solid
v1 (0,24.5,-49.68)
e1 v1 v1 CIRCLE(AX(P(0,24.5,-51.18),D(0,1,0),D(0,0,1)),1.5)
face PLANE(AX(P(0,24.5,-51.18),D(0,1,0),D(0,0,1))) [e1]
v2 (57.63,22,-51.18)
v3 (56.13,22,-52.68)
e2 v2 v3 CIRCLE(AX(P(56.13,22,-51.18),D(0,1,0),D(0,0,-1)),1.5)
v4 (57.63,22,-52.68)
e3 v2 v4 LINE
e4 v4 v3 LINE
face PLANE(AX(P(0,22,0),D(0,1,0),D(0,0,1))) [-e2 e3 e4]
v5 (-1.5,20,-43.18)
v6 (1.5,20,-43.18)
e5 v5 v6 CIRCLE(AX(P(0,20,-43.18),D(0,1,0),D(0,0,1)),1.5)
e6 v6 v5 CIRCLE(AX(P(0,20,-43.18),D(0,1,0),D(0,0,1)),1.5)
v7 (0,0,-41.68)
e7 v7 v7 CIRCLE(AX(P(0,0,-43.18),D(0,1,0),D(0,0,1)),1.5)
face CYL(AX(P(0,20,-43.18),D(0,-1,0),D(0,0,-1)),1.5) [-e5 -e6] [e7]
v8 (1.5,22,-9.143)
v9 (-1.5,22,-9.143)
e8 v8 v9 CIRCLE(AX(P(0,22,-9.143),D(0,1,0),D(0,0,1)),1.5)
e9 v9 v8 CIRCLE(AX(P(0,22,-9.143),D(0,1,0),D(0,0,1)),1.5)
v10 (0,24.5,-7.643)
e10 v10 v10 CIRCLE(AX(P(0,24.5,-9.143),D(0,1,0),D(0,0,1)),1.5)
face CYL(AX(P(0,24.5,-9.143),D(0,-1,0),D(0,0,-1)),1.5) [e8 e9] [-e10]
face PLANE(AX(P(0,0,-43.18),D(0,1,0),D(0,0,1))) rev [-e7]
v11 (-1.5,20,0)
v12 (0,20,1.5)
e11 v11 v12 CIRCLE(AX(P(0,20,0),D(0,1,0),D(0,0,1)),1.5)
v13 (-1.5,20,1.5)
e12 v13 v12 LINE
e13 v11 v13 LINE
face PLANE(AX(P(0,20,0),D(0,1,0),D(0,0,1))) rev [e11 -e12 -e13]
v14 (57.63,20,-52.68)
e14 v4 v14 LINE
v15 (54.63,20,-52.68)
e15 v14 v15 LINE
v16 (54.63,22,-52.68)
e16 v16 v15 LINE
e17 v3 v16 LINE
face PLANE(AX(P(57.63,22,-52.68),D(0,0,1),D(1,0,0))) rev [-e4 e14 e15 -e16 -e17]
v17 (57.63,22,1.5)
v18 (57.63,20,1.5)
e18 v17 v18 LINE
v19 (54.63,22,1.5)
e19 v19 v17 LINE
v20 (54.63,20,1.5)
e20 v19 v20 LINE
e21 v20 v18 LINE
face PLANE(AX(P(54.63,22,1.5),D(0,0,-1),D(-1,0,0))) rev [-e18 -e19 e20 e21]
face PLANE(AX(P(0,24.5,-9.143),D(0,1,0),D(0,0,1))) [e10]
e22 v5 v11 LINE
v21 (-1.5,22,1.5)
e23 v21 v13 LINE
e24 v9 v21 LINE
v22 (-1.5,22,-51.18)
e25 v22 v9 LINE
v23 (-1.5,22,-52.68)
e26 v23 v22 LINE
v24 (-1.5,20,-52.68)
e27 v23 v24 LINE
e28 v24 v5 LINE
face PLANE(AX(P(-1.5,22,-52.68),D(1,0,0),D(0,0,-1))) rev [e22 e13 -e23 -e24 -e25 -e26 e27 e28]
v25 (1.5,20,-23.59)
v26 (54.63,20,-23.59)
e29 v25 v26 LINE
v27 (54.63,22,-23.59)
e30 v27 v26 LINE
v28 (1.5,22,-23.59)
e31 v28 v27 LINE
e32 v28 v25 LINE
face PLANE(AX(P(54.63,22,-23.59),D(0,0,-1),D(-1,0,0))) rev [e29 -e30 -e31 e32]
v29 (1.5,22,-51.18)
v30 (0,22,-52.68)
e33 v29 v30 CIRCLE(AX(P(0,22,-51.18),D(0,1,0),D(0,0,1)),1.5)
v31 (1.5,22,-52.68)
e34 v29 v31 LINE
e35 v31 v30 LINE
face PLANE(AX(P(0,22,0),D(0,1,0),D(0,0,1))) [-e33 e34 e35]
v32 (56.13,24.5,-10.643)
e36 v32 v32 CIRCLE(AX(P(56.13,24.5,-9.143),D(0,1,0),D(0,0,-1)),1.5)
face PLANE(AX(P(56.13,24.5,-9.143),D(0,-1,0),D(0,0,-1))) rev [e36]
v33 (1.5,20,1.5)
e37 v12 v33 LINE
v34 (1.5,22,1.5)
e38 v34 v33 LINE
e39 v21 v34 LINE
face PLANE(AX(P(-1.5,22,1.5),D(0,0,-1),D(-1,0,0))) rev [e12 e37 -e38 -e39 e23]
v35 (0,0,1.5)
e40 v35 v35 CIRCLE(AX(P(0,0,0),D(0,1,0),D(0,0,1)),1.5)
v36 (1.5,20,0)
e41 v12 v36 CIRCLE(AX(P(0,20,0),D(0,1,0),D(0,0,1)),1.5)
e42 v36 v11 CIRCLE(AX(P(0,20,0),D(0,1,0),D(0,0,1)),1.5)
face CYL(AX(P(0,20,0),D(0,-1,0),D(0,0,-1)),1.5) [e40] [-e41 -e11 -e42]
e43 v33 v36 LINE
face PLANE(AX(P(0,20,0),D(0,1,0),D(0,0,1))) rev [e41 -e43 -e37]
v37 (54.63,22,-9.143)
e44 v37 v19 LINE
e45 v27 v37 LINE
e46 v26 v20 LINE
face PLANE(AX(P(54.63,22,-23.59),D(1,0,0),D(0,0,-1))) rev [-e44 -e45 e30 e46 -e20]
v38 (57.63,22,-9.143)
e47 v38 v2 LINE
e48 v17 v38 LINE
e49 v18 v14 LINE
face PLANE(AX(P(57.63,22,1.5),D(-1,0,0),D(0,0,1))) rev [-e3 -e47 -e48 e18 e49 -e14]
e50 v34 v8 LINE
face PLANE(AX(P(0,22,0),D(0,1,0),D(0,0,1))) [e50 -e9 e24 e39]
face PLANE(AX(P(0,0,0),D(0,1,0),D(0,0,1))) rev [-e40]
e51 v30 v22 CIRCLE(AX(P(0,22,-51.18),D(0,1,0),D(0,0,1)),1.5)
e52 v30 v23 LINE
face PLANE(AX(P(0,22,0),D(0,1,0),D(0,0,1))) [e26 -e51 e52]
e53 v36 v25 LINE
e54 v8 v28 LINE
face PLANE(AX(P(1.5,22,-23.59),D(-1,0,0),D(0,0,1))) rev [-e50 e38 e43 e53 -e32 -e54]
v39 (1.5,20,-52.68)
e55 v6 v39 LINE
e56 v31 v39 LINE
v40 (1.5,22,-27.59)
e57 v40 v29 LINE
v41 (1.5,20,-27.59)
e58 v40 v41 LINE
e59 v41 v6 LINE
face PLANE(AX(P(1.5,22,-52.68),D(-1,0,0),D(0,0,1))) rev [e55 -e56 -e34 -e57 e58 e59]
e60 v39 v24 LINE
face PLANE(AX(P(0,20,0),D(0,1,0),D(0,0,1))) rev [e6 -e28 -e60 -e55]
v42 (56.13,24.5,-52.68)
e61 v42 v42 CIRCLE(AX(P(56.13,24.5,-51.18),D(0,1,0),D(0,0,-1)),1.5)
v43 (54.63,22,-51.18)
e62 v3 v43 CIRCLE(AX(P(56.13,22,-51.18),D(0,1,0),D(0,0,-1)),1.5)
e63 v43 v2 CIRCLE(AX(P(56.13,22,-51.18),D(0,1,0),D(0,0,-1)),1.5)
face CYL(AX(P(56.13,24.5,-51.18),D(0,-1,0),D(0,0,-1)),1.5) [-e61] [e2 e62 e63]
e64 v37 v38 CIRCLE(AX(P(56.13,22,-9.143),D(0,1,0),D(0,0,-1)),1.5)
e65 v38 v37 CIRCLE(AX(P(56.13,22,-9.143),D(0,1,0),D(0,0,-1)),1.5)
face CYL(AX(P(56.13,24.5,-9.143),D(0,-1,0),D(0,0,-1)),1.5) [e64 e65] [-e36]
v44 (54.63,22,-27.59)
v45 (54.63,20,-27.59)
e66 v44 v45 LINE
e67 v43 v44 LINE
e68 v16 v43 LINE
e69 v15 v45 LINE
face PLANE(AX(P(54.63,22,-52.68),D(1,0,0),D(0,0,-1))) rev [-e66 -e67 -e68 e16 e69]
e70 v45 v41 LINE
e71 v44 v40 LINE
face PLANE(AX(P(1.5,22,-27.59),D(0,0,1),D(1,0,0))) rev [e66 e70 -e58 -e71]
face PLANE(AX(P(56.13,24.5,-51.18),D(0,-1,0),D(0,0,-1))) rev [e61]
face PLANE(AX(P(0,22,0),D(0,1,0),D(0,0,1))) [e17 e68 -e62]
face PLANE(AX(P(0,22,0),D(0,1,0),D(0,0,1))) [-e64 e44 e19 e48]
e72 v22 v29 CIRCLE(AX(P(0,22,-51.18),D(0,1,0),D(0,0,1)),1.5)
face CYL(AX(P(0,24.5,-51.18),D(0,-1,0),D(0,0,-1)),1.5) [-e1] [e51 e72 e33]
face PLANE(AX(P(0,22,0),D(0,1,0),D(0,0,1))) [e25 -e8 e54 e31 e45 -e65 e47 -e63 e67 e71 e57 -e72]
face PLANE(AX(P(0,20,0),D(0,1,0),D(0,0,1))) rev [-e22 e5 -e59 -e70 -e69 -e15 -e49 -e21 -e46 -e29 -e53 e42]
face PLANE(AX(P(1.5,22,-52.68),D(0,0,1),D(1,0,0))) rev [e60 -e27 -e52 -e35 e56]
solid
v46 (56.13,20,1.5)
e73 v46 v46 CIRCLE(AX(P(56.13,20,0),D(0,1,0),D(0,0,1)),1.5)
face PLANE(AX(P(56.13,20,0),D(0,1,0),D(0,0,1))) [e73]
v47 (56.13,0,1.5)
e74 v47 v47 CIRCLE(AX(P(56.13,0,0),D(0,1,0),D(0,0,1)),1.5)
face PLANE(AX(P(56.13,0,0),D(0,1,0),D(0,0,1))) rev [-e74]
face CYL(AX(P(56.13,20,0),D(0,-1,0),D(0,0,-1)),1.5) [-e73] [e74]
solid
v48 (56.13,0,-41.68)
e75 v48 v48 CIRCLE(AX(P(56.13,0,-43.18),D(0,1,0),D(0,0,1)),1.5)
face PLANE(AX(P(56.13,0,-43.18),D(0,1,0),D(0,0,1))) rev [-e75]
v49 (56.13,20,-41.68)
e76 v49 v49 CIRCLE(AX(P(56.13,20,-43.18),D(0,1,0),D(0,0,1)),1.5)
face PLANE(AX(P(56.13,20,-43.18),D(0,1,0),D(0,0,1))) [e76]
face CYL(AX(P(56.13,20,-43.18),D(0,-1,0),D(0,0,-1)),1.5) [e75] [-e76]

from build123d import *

# Parameters (mm, degrees)
SKETCH_1_R        = 1.5
EXTRUDE_1_DEPTH   = 20
EXTRUDE_1_2_DEPTH = 20
EXTRUDE_1_3_DEPTH = 20
EXTRUDE_1_4_DEPTH = 20
EXTRUDE_2_DEPTH   = 2
SKETCH_4_R        = 1.5
EXTRUDE_3_DEPTH   = 2.5


with BuildPart() as part:
    # 草图1 → 凸台-拉伸1 (new body)
    with BuildSketch(Plane(origin=(0, 0, 0), x_dir=(1, 0, 0), z_dir=(0, 1, 0))):
        with Locations(Location((0, 0, 0), (0, 0, 270))):
            Circle(SKETCH_1_R)
    extrude(amount=EXTRUDE_1_DEPTH)



with BuildPart() as body_2:
    # 草图1 → Extrude 1 2 (new body)
    with BuildSketch(Plane(origin=(0, 0, 0), x_dir=(1, 0, 0), z_dir=(0, 1, 0))):
        with Locations(Location((0, 43.18, 0), (0, 0, 270))):
            Circle(SKETCH_1_R)
    extrude(amount=EXTRUDE_1_2_DEPTH)


with BuildPart() as body_3:
    # 草图1 → Extrude 1 3 (new body)
    with BuildSketch(Plane(origin=(0, 0, 0), x_dir=(1, 0, 0), z_dir=(0, 1, 0))):
        with Locations(Location((56.13, 43.18, 0), (0, 0, 270))):
            Circle(SKETCH_1_R)
    extrude(amount=EXTRUDE_1_3_DEPTH)


with BuildPart() as body_4:
    # 草图1 → Extrude 1 4 (new body)
    with BuildSketch(Plane(origin=(0, 0, 0), x_dir=(1, 0, 0), z_dir=(0, 1, 0))):
        with Locations(Location((56.13, 0, 0), (0, 0, 270))):
            Circle(SKETCH_1_R)
    extrude(amount=EXTRUDE_1_4_DEPTH)


with BuildPart() as part_1:
    add(part.part)

    add(body_2.part)  # 凸台-拉伸2 merges body 2
    # 草图2 → 凸台-拉伸2 (add)
    with BuildSketch(Plane(origin=(0, 20, 0), x_dir=(1, 0, 0), z_dir=(0, 1, 0))):
        Polygon((-1.5, 52.68), (-1.5, -1.5), (1.5, -1.5), (1.5, 23.59), (54.63, 23.59), (54.63, -1.5), (57.63, -1.5), (57.63, 52.68), (54.63, 52.68), (54.63, 27.59), (1.5, 27.59), (1.5, 52.68), align=None)
    extrude(amount=EXTRUDE_2_DEPTH)

    # 草图4 → 凸台-拉伸3 (add)
    with BuildSketch(Plane(origin=(0, 22, 0), x_dir=(1, 0, 0), z_dir=(0, 1, 0))):
        with Locations(Location((0, 51.18, 0), (0, 0, 90))):
            Circle(SKETCH_4_R)
        with Locations(Location((0, 9.143, 0), (0, 0, 180))):
            Circle(SKETCH_4_R)
        with Locations(Location((56.13, 9.143, 0), (0, 0, 90))):
            Circle(SKETCH_4_R)
        with Locations(Location((56.13, 51.18, 0), (0, 0, 90))):
            Circle(SKETCH_4_R)
    extrude(amount=EXTRUDE_3_DEPTH)


solid = Compound([body_3.part, body_4.part, part_1.part])
